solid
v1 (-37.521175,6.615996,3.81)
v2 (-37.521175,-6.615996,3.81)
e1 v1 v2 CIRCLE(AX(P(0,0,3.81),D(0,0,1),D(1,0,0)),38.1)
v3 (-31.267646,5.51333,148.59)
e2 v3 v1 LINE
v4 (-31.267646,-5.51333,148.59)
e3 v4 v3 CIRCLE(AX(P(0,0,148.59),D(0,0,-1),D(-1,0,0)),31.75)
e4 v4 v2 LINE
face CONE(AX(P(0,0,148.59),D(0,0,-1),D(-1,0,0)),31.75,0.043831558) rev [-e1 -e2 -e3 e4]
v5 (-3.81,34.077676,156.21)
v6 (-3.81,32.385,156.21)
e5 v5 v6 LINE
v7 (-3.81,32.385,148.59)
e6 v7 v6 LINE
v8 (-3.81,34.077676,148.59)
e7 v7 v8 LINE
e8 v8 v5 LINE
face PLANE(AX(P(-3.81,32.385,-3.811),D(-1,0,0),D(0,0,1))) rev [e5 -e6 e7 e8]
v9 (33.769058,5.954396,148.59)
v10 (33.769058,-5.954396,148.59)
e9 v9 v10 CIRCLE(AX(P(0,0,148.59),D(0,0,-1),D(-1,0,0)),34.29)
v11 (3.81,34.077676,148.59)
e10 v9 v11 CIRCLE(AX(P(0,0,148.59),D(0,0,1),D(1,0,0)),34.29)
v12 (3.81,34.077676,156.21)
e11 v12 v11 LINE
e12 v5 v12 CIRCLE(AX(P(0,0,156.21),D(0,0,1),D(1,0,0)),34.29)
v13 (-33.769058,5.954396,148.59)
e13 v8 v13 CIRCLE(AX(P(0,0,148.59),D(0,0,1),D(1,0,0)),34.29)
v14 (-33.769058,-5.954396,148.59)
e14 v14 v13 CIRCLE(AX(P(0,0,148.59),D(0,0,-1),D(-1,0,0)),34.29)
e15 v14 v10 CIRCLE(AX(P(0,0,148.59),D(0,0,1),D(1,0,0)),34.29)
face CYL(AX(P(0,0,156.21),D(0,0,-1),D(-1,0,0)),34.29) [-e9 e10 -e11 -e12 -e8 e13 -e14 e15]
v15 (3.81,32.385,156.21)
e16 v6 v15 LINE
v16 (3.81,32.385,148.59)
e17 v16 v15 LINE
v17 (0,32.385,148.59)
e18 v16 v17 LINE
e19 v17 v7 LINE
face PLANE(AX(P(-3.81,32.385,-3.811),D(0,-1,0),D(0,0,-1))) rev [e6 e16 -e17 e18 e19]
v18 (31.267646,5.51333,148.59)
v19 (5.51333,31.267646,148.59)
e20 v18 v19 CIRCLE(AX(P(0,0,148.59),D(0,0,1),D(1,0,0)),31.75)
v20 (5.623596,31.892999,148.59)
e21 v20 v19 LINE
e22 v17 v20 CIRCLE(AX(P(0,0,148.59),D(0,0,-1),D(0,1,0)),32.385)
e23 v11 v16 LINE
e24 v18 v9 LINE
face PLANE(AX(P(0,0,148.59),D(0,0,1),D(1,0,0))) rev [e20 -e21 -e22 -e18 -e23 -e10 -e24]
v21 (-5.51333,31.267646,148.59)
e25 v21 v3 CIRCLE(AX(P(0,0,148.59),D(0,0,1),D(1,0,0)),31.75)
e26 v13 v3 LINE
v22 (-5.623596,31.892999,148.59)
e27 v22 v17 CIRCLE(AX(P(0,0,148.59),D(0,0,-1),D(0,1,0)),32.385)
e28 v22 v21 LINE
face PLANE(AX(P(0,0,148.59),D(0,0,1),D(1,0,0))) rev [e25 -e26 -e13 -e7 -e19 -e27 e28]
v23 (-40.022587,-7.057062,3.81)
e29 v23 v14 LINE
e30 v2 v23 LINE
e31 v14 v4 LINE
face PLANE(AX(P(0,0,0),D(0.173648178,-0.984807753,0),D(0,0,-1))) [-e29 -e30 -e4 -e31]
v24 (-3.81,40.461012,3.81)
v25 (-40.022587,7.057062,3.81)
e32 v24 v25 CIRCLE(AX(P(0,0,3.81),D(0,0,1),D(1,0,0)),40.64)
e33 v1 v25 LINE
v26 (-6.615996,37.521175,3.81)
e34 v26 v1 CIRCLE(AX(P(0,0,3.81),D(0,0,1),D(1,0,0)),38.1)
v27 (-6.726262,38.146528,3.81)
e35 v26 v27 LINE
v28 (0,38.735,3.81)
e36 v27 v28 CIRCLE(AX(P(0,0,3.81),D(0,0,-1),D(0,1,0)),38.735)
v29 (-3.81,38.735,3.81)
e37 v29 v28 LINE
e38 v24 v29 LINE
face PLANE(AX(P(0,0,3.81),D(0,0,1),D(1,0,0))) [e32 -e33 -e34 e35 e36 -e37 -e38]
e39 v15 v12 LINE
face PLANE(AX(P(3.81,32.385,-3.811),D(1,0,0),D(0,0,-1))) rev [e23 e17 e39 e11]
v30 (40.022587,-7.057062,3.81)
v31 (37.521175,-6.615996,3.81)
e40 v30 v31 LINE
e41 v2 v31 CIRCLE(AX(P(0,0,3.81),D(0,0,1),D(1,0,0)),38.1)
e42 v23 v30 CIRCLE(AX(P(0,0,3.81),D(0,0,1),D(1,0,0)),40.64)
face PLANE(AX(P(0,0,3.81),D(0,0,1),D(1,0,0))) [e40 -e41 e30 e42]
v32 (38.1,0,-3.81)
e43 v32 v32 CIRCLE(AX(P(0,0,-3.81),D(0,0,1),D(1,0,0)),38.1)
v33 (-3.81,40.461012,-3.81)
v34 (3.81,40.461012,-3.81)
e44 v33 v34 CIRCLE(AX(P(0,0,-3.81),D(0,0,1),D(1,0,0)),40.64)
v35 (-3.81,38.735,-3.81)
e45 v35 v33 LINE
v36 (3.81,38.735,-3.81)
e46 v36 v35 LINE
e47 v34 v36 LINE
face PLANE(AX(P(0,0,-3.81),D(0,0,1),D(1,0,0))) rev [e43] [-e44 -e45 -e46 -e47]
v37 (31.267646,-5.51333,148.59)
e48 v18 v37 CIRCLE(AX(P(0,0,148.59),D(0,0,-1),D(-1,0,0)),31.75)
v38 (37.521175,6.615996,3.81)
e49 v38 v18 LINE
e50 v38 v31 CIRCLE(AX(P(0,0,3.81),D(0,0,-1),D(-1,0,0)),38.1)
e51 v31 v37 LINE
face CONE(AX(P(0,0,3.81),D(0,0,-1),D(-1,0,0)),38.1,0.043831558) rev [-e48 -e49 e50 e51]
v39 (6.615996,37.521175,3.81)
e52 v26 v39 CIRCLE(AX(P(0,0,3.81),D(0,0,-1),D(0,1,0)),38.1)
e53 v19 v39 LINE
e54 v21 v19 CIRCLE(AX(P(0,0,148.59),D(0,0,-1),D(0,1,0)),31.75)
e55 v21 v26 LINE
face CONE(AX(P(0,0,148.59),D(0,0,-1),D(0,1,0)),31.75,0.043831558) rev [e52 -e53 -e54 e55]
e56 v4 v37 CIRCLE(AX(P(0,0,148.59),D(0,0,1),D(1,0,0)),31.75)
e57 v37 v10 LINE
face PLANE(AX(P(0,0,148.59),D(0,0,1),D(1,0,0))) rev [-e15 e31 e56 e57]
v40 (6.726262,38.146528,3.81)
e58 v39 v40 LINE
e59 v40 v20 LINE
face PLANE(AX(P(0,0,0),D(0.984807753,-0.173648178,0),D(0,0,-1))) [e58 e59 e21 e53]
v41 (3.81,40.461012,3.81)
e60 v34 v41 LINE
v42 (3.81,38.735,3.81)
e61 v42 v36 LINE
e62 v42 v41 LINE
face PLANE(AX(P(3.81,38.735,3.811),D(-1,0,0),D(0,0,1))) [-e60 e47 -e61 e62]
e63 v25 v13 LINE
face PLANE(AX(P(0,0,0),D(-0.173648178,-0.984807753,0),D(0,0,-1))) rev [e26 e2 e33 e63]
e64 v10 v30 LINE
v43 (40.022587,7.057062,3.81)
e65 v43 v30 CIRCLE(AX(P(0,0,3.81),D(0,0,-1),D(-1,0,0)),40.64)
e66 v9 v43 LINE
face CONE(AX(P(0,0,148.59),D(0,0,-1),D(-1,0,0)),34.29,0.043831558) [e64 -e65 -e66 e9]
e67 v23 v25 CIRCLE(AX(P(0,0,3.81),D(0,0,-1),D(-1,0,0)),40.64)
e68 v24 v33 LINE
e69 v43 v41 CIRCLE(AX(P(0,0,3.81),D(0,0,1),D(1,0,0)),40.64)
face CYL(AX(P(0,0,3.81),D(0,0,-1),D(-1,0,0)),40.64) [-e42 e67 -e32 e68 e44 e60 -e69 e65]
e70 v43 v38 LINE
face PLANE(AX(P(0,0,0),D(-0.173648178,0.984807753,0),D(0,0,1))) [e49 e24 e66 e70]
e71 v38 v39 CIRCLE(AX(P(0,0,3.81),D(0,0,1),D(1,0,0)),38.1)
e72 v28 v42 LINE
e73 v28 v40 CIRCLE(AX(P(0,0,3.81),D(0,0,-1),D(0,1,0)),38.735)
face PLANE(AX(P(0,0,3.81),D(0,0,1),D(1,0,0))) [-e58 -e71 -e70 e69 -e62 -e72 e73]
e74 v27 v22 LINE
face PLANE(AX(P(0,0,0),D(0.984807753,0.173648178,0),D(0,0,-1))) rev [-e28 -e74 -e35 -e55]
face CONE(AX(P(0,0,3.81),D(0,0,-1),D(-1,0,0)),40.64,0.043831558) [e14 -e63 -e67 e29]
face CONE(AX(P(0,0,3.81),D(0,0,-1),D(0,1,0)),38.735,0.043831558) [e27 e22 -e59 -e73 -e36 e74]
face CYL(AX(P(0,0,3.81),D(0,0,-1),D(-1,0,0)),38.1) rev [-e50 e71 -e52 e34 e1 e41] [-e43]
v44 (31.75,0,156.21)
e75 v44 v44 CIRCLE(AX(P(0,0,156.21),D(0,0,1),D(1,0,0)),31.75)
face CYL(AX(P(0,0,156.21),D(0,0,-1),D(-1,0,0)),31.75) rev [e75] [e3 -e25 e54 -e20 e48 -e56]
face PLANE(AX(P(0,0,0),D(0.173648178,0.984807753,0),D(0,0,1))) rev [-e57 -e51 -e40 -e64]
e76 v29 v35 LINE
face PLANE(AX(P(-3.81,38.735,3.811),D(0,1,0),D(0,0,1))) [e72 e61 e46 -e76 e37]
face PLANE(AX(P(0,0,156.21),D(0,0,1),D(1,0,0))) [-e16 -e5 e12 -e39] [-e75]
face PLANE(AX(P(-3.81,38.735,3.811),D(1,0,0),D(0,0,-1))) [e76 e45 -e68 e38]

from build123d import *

# Parameters (mm, degrees)
SKETCH1_R                      = 40.64
SKETCH1_R_2                    = 38.1
BOSS_EXTRUDE1_DEPTH            = 3.81
CUT_EXTRUDE1_REACH             = 5.81
SKETCH2_W                      = 7.62
SKETCH2_H                      = 3.81
CUT_EXTRUDE1_DIRECTION_2_REACH = 5.81
SKETCH3_R                      = 34.29
SKETCH3_R_2                    = 31.75
BOSS_EXTRUDE2_DEPTH            = 3.81
REVOLVE1_ANGLE                 = 10
REVOLVE1_OTHER_WAY_ANGLE       = 10
CUT_EXTRUDE2_REACH             = 162.02
SKETCH6_W                      = 7.62
SKETCH6_H                      = 3.81
REVOLVE2_ANGLE                 = 10
REVOLVE2_OTHER_WAY_ANGLE       = 10


with BuildPart() as part:
    # Sketch1 → Boss-Extrude1 (new body, symmetric)
    with BuildSketch(Plane.XY):
        Circle(SKETCH1_R)
        Circle(SKETCH1_R_2, mode=Mode.SUBTRACT)
    extrude(amount=BOSS_EXTRUDE1_DEPTH, both=True)

    # Sketch2 → Cut-Extrude1 (cut, up to next)
    with BuildSketch(Plane.XY, mode=Mode.PRIVATE) as cut_extrude1_sk1:
        with Locations((0, 40.64)):
            Rectangle(SKETCH2_W, SKETCH2_H)
    cut_extrude1_tool1 = extrude(cut_extrude1_sk1.sketch, amount=-CUT_EXTRUDE1_REACH, mode=Mode.PRIVATE) & part.part
    add(cut_extrude1_tool1.solids().sort_by_distance((0, 40.64, 0))[0], mode=Mode.SUBTRACT)

    # Sketch2 → Cut-Extrude1 direction 2 (cut, up to next)
    with BuildSketch(Plane.XY, mode=Mode.PRIVATE) as cut_extrude1_direction_2_sk1:
        with Locations((0, 40.64)):
            Rectangle(SKETCH2_W, SKETCH2_H)
    cut_extrude1_direction_2_tool1 = extrude(cut_extrude1_direction_2_sk1.sketch, amount=CUT_EXTRUDE1_DIRECTION_2_REACH, mode=Mode.PRIVATE) & part.part
    add(cut_extrude1_direction_2_tool1.solids().sort_by_distance((0, 40.64, 0))[0], mode=Mode.SUBTRACT)



with BuildPart() as body_2:
    # Sketch3 → Boss-Extrude2 (new body, symmetric)
    with BuildSketch(Plane.XY.offset(152.4)):
        Circle(SKETCH3_R)
        Circle(SKETCH3_R_2, mode=Mode.SUBTRACT)
    extrude(amount=BOSS_EXTRUDE2_DEPTH, both=True)


with BuildPart() as part_1:
    add(part.part)

    add(body_2.part)  # Revolve1 merges body 2
    # Sketch5 → Revolve1 (revolve)
    with BuildSketch(Plane(origin=(0, 0, 0), x_dir=(1, 0, 0), z_dir=(0, 1, 0))):
        Polygon((-40.64, -3.81), (-34.29, -148.59), (-31.75, -148.59), (-38.1, -3.81), align=None)
        Polygon((40.64, -3.81), (34.29, -148.59), (31.75, -148.59), (38.1, -3.81), align=None)
    revolve(axis=Axis((0, 0, -17.154345007), (0, 0, 1)), revolution_arc=REVOLVE1_ANGLE)

    # Sketch5 → Revolve1 other way (revolve)
    with BuildSketch(Plane(origin=(0, 0, 0), x_dir=(1, 0, 0), z_dir=(0, 1, 0))):
        Polygon((-40.64, -3.81), (-34.29, -148.59), (-31.75, -148.59), (-38.1, -3.81), align=None)
        Polygon((40.64, -3.81), (34.29, -148.59), (31.75, -148.59), (38.1, -3.81), align=None)
    revolve(axis=Axis((0, 0, -17.154345007), (0, 0, -1)), revolution_arc=REVOLVE1_OTHER_WAY_ANGLE)

    # Sketch6 → Cut-Extrude2 (cut, up to next)
    with BuildSketch(Plane.XY.offset(156.21), mode=Mode.PRIVATE) as cut_extrude2_sk1:
        with Locations((0, 34.29)):
            Rectangle(SKETCH6_W, SKETCH6_H)
    cut_extrude2_tool1 = extrude(cut_extrude2_sk1.sketch, amount=-CUT_EXTRUDE2_REACH, mode=Mode.PRIVATE) & part_1.part
    add(cut_extrude2_tool1.solids().sort_by_distance((0, 34.29, 156.21))[0], mode=Mode.SUBTRACT)

    # Sketch11 → Revolve2 (revolve)
    with BuildSketch(Plane(origin=(0, 0, 0), x_dir=(0, 0, -1), z_dir=(1, 0, 0))):
        Polygon((-148.59, 32.385), (-3.81, 38.735), (-3.81, 38.1), (-148.59, 31.75), align=None)
    revolve(axis=Axis((0, 0, 0), (0, 0, 1)), revolution_arc=REVOLVE2_ANGLE)

    # Sketch11 → Revolve2 other way (revolve)
    with BuildSketch(Plane(origin=(0, 0, 0), x_dir=(0, 0, -1), z_dir=(1, 0, 0))):
        Polygon((-148.59, 32.385), (-3.81, 38.735), (-3.81, 38.1), (-148.59, 31.75), align=None)
    revolve(axis=Axis((0, 0, 0), (0, 0, -1)), revolution_arc=REVOLVE2_OTHER_WAY_ANGLE)


solid = part_1.part
